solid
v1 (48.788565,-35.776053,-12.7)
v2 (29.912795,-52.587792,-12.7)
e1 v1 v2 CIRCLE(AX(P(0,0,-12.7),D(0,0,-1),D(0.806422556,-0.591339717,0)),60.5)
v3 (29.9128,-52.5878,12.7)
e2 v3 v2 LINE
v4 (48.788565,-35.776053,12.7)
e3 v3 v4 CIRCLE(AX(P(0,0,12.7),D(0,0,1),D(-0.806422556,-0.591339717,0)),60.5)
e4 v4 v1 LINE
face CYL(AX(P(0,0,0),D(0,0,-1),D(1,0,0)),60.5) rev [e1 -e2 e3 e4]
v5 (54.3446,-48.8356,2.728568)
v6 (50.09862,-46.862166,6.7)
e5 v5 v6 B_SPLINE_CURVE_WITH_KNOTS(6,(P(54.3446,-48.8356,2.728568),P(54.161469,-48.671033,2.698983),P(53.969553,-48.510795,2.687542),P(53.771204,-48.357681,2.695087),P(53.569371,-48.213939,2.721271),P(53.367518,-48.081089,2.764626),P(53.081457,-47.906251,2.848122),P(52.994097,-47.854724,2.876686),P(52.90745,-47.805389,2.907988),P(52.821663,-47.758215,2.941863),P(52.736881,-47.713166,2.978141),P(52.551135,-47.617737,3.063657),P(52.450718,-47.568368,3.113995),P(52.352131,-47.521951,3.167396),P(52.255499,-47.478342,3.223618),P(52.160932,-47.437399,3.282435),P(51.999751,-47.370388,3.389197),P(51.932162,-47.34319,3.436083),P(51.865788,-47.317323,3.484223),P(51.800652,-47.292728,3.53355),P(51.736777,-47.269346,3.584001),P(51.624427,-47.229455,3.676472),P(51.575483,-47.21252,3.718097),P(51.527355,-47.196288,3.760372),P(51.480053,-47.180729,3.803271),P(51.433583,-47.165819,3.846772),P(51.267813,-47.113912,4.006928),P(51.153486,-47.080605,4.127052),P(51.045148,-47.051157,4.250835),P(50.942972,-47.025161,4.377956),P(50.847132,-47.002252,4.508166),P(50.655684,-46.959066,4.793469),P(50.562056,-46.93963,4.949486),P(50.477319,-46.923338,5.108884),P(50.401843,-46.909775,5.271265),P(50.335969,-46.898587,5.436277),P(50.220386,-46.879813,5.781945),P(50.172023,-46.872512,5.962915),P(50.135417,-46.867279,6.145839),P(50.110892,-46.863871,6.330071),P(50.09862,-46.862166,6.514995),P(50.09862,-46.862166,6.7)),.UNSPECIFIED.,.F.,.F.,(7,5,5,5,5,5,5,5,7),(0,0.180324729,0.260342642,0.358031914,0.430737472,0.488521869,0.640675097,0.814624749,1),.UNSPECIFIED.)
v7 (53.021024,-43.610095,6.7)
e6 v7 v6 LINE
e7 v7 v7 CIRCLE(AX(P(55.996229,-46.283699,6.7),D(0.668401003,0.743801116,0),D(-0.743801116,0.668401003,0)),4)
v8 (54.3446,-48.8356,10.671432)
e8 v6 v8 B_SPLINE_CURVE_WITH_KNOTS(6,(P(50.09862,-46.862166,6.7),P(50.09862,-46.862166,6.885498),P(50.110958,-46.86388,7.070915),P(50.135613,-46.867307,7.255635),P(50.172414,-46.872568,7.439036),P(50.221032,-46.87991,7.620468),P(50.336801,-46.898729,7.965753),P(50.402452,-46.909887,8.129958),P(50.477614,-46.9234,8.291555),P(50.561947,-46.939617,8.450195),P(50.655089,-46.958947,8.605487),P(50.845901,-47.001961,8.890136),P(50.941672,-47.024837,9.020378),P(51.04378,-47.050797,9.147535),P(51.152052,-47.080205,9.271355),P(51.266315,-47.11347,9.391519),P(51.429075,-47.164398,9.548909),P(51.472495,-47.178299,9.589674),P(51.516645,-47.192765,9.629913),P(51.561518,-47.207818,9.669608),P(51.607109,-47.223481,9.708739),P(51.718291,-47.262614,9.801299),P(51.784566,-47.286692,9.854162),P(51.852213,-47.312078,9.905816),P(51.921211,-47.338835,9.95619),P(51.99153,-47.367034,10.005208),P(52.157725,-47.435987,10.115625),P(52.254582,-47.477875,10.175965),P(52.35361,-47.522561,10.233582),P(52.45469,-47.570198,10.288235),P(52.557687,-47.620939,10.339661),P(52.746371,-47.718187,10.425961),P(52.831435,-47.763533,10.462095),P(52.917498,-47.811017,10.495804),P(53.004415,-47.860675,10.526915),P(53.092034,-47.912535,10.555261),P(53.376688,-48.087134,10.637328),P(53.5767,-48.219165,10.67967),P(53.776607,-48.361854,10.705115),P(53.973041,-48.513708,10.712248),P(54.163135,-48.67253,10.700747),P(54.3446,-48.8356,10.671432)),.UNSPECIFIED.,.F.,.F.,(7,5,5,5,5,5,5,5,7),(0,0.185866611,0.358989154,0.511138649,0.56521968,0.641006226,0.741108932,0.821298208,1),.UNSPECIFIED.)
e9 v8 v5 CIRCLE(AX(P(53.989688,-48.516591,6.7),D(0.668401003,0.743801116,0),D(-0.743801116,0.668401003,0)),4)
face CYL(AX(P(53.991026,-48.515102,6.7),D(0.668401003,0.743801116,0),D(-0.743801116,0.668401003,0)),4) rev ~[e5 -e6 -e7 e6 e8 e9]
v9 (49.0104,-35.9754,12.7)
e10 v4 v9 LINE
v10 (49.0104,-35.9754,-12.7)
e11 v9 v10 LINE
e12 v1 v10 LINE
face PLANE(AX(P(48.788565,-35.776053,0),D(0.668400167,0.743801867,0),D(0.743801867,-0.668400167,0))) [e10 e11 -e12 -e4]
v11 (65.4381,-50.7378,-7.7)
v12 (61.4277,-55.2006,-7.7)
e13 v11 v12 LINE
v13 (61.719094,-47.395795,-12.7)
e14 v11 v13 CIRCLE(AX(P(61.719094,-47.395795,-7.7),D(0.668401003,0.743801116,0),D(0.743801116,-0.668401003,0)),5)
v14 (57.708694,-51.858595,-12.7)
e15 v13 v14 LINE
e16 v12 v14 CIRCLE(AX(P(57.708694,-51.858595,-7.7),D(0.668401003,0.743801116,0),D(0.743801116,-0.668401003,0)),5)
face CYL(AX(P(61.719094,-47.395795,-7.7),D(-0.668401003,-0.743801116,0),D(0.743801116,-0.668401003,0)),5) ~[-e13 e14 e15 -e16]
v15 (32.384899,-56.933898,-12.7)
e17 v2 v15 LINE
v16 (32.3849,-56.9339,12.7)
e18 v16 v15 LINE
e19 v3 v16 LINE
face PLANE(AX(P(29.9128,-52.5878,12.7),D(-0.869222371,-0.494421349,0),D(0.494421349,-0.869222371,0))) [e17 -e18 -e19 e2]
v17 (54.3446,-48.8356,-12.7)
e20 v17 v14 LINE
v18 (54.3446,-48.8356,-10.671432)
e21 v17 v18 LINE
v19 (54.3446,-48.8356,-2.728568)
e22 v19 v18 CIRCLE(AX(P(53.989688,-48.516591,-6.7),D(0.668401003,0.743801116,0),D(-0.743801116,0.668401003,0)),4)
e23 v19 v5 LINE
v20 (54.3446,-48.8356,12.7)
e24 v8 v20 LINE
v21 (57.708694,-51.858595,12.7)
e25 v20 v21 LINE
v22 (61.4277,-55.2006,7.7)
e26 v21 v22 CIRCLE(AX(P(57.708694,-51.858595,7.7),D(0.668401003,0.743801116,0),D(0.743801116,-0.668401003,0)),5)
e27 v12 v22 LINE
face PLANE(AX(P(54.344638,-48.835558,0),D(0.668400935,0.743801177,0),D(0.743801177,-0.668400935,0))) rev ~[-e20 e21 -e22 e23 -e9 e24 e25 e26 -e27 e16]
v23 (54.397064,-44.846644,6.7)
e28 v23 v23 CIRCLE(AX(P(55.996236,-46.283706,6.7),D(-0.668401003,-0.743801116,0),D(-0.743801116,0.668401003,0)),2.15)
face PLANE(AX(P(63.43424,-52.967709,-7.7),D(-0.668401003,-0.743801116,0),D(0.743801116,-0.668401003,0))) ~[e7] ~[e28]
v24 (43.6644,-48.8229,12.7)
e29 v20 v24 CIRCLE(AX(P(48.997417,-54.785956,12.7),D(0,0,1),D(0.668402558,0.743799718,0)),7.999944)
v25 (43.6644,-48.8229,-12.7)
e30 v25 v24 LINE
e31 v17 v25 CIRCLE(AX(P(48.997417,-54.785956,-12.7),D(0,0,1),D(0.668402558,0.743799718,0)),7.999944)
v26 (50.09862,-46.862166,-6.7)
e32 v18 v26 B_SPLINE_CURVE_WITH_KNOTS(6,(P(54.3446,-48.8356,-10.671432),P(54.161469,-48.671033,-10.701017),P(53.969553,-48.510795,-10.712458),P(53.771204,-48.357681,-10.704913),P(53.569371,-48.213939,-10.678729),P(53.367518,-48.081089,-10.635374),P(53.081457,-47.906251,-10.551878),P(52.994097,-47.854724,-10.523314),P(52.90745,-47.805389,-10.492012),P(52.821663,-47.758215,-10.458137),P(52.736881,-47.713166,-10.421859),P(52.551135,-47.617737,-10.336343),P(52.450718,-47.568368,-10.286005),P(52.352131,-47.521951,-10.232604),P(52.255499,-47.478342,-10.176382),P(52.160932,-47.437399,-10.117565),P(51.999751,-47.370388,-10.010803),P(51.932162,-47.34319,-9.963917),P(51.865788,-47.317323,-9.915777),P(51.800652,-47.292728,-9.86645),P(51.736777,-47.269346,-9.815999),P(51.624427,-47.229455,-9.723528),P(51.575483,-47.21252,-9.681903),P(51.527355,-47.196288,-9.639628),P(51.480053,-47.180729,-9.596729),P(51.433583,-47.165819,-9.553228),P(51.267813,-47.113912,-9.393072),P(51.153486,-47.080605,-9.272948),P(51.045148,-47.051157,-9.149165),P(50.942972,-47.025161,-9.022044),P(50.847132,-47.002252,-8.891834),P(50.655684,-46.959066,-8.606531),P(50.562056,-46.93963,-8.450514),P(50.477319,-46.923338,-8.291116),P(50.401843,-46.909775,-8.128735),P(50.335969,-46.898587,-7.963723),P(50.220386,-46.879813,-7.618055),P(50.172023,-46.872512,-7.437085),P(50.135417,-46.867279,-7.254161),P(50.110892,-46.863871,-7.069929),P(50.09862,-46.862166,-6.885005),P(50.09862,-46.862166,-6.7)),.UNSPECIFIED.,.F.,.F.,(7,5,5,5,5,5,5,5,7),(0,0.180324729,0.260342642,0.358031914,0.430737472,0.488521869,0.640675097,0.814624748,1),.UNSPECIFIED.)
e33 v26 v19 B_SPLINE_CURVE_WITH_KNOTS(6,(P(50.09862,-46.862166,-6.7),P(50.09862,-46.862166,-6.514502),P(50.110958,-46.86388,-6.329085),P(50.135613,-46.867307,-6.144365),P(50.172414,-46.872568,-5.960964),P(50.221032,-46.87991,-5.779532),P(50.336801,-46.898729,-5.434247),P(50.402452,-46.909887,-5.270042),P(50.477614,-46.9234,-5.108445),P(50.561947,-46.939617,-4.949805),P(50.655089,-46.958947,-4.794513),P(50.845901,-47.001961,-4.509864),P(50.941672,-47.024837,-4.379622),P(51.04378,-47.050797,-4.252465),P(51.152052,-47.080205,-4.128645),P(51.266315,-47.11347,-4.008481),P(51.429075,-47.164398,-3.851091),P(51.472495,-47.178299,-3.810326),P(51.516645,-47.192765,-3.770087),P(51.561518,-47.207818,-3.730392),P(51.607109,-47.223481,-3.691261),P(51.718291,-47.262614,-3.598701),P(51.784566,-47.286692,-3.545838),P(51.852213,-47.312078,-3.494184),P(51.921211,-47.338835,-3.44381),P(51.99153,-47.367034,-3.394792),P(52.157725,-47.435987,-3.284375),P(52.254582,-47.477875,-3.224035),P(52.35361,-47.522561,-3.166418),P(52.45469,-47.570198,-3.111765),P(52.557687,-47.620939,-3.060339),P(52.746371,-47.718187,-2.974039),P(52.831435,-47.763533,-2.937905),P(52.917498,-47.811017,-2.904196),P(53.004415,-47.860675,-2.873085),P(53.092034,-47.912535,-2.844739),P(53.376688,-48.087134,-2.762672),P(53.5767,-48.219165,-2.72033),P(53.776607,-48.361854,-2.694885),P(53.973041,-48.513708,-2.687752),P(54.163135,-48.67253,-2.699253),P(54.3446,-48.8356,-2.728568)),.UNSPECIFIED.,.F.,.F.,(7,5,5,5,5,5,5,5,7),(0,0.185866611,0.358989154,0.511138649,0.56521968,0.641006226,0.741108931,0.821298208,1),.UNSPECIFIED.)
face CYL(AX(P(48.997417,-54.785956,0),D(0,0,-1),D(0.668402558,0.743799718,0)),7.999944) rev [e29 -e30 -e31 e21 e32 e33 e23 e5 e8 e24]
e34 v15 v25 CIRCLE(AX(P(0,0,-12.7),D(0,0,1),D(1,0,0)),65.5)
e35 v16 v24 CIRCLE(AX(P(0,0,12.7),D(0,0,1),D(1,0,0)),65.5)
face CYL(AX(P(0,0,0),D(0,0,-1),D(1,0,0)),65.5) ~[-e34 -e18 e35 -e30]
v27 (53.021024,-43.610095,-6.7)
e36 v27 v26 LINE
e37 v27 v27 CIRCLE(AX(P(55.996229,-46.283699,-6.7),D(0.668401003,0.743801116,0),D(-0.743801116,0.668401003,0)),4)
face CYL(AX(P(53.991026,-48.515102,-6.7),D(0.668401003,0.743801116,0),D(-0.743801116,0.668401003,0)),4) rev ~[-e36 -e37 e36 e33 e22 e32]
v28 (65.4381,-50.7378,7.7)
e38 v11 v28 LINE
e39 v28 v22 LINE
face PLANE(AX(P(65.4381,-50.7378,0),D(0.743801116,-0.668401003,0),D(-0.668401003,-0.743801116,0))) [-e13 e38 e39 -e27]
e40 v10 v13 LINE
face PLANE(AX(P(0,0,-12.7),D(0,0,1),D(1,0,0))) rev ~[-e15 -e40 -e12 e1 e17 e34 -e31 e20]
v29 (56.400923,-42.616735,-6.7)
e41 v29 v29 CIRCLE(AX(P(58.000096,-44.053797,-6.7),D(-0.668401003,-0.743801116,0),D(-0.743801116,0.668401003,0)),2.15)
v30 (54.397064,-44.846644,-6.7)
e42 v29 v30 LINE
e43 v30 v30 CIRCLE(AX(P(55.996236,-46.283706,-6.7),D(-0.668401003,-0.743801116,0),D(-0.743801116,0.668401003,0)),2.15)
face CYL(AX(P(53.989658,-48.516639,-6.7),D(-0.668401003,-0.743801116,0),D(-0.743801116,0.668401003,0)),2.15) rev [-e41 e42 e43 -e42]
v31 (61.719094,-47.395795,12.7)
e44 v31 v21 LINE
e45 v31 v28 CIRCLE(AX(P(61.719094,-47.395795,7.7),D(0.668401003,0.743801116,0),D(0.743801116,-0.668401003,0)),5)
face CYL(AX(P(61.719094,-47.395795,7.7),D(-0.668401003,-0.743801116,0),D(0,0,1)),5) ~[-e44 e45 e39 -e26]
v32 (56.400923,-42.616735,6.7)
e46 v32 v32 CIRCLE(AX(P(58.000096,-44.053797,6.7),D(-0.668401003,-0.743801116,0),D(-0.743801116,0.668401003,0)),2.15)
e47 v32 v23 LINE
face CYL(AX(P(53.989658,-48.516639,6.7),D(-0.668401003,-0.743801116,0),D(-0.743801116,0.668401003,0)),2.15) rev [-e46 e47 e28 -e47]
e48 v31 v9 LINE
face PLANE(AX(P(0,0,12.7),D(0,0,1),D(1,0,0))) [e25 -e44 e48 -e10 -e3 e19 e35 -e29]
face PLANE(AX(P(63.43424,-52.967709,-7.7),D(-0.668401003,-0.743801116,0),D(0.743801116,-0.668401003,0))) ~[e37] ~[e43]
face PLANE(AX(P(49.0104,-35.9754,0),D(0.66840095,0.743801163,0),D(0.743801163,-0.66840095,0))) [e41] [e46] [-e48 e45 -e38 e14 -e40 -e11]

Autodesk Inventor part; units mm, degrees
ref_plane "YZ Plane" through (0, 0, 0) normal (1, 0, 0) x (0, 1, 0)
ref_plane "XZ Plane" through (0, 0, 0) normal (0, 1, 0) x (-1, 0, 0)
ref_plane "XY Plane" through (0, 0, 0) normal (0, 0, 1) x (1, 0, 0)
sketch "Sketch1" plane through (0, 0, 0) normal (0, 0, 1) x (1, 0, 0)
  circle A0 centre (0, 0) radius 57.5
  circle A1 centre (0, 0) radius 60.5
  line L0 (0, 0) -> (-45, -40.4382)
  line L1 (0, 0) -> (0, 20.5864)
  line L2 (0, 0) -> (45, -40.4382)
  circle A2 centre (0, 0) radius 65.5
  line L3 (-45, -40.4382) -> (-48.719, -43.7802)
  line L4 (45, -40.4382) -> (48.719, -43.7802)
  line L5 (-4.7542, 3.7944) -> (-49.0104, -35.9754)
  line L6 (-49.0104, -35.9754) -> (-65.4381, -50.7378)
  line L7 (-48.719, -43.7802) -> (-61.4277, -55.2006)
  line L8 (-65.4381, -50.7378) -> (-61.4277, -55.2006)
  arc A3 (-43.6644, -48.8229) -> (-54.3446, -48.8356) centre (-48.9974, -54.786) ccw
  line L9 (49.0104, -35.9754) -> (65.4381, -50.7378)
  line L10 (48.719, -43.7802) -> (61.4277, -55.2006)
  line L11 (65.4381, -50.7378) -> (61.4277, -55.2006)
  arc A4 (54.3446, -48.8356) -> (43.6644, -48.8229) centre (48.9974, -54.786) ccw
  line L12 (4.7542, 3.7944) -> (49.0104, -35.9754)
  point P0 (45, -40.4382)
  point P1 (42.7686, -38.433)
  point P2 (-42.7686, -38.433)
  point P3 (-46.5455, -33.7604)
  point P4 (52.5246, -39.1333)
  point P5 (43.6644, -48.8229)
  point P6 (-48.7886, -35.7761)
  point P7 (48.7886, -35.7761)
  dimension "d0" = 115
  dimension "d1" = 3
  dimension "d2" = 90
  dimension "d5" = 5
  dimension "d6" = 6
  dimension "d7" = 25.4
  dimension "d8" = 8
extrude "Extrusion1" add sketch "Sketch1" along normal mid plane 25.4 contours A1 L3 A2 L6 L5 | L12 L9 A2 L4 A1 | A1 L4 A2 L3 | L7 L8 L6 A2 | A2 A3 L7 | L10 A4 A2 | A2 L9 L11 L10
fillet "Fillet1" radius 5 4 edges at (-63.4329, -52.9692, 12.7) (-63.4329, -52.9692, -12.7) (63.4329, -52.9692, 12.7) (63.4329, -52.9692, -12.7)
sketch "Sketch2" plane through (-54.3446, -48.8356, -12.7) normal (0.6684, -0.7438, 0) x (0.7438, 0.6684, 0)
  arc A0 (-9.5228, 5) -> (-4.5228, 0) centre (-4.5228, 5) ccw projected
  line L0 (0, 0) -> (-4.5228, 0) projected
  line L1 (0, 0) -> (0, 25.4) projected
  line L2 (-4.5228, 25.4) -> (0, 25.4) projected
  arc A1 (-4.5228, 25.4) -> (-9.5228, 20.4) centre (-4.5228, 20.4) ccw projected
  line L3 (-9.5228, 5) -> (-9.5228, 20.4) projected
  line L4 (7.9525, 0) -> (7.9525, 25.4) projected
  line L5 (0, 25.4) -> (7.9525, 25.4) projected
  line L6 (0, 0) -> (0, 25.4) projected
  line L7 (7.9525, 0) -> (0, 0) projected
  circle A2 centre (0.4772, 19.4) radius 2.15
  line L8 (-9.5228, 12.7) -> (-3.8871, 12.7)
  circle A3 centre (0.4772, 6) radius 2.15
  point P0 (73.0633, 12.7)
  point P1 (0, 21.4964)
  point P2 (0, 17.3036)
  dimension "d10" = 4.3
  dimension "d11" = 10
  dimension "d17" = 6
extrude "Extrusion2" cut sketch "Sketch2" along normal through all both and the other way through all contours A3 L1 | L1 A3 | A2 L1 | L1 A2
sketch "Sketch3" plane through (-61.4277, -55.2006, -7.7) normal (0.6684, -0.7438, 0) x (0.7438, 0.6684, 0)
  arc A0 (9.5228, 16.4964) -> (9.5228, 12.3036) centre (10, 14.4) ccw projected
  line L0 (9.5228, 16.4964) -> (9.5228, 20.4) projected
  line L1 (5, 20.4) -> (9.5228, 20.4) projected
  arc A1 (5, 20.4) -> (0, 15.4) centre (5, 15.4) ccw projected
  line L2 (0, 0) -> (0, 15.4) projected
  arc A2 (0, 0) -> (5, -5) centre (5, 0) ccw projected
  line L3 (9.5228, -5) -> (5, -5) projected
  line L4 (9.5228, -5) -> (9.5228, -1.0964) projected
  circle A3 centre (10, 14.4) radius 4
  arc A4 (9.5228, 3.0964) -> (9.5228, -1.0964) centre (10, 1) ccw projected
  line L5 (9.5228, 3.0964) -> (9.5228, 12.3036) projected
  circle A5 centre (10, 1) radius 4
  point P0 (82.5861, 7.7)
  dimension "d14" = 8
extrude "Extrusion3" cut sketch "Sketch3" along normal mid plane 6 contours L0 A3 L5 A0 | A0 L5 A3 L0 | A5 L4 A4 L5 | L5 A4 L4 A5
mirror "Mirror2" about plane through (0, 0, 0) normal (1, 0, 0) of "Extrusion3", "Extrusion2"
sketch "Sketch4" plane through (0, 0, 12.7) normal (0, 0, 1) x (1, 0, 0)
  line L0 (61.7191, -47.3958) -> (57.7087, -51.8586) projected
  line L1 (61.7191, -47.3958) -> (48.7886, -35.7761) projected
  arc A0 (-48.7886, -35.7761) -> (48.7886, -35.7761) centre (0, 0) ccw projected
  line L2 (-48.7886, -35.7761) -> (-61.7191, -47.3958) projected
  line L3 (-57.7087, -51.8586) -> (-61.7191, -47.3958) projected
  line L4 (-57.7087, -51.8586) -> (-54.3446, -48.8356) projected
  arc A1 (-43.6644, -48.8229) -> (-54.3446, -48.8356) centre (-48.9974, -54.786) ccw projected
  arc A2 (-43.6644, -48.8229) -> (43.6644, -48.8229) centre (0, 0) ccw projected
  arc A3 (54.3446, -48.8356) -> (43.6644, -48.8229) centre (48.9974, -54.786) ccw projected
  line L5 (54.3446, -48.8356) -> (57.7087, -51.8586) projected
  line L6 (29.9128, -52.5878) -> (32.3849, -56.9339)
  line L7 (-61.4277, -55.2006) -> (-57.7087, -51.8586) projected
  line L8 (-57.7087, -51.8586) -> (-61.7191, -47.3958) projected
  line L9 (-61.7191, -47.3958) -> (-65.4381, -50.7378) projected
  line L10 (-65.4381, -50.7378) -> (-61.4277, -55.2006) projected
extrude "Extrusion4" cut sketch "Sketch4" against normal through all contours L6 A2 A1 L4 L3 L2 A0 | L3 L7 L10 L9
properties part number "CANALETA_MOVIL" material "Steel, Mild, Welded"
